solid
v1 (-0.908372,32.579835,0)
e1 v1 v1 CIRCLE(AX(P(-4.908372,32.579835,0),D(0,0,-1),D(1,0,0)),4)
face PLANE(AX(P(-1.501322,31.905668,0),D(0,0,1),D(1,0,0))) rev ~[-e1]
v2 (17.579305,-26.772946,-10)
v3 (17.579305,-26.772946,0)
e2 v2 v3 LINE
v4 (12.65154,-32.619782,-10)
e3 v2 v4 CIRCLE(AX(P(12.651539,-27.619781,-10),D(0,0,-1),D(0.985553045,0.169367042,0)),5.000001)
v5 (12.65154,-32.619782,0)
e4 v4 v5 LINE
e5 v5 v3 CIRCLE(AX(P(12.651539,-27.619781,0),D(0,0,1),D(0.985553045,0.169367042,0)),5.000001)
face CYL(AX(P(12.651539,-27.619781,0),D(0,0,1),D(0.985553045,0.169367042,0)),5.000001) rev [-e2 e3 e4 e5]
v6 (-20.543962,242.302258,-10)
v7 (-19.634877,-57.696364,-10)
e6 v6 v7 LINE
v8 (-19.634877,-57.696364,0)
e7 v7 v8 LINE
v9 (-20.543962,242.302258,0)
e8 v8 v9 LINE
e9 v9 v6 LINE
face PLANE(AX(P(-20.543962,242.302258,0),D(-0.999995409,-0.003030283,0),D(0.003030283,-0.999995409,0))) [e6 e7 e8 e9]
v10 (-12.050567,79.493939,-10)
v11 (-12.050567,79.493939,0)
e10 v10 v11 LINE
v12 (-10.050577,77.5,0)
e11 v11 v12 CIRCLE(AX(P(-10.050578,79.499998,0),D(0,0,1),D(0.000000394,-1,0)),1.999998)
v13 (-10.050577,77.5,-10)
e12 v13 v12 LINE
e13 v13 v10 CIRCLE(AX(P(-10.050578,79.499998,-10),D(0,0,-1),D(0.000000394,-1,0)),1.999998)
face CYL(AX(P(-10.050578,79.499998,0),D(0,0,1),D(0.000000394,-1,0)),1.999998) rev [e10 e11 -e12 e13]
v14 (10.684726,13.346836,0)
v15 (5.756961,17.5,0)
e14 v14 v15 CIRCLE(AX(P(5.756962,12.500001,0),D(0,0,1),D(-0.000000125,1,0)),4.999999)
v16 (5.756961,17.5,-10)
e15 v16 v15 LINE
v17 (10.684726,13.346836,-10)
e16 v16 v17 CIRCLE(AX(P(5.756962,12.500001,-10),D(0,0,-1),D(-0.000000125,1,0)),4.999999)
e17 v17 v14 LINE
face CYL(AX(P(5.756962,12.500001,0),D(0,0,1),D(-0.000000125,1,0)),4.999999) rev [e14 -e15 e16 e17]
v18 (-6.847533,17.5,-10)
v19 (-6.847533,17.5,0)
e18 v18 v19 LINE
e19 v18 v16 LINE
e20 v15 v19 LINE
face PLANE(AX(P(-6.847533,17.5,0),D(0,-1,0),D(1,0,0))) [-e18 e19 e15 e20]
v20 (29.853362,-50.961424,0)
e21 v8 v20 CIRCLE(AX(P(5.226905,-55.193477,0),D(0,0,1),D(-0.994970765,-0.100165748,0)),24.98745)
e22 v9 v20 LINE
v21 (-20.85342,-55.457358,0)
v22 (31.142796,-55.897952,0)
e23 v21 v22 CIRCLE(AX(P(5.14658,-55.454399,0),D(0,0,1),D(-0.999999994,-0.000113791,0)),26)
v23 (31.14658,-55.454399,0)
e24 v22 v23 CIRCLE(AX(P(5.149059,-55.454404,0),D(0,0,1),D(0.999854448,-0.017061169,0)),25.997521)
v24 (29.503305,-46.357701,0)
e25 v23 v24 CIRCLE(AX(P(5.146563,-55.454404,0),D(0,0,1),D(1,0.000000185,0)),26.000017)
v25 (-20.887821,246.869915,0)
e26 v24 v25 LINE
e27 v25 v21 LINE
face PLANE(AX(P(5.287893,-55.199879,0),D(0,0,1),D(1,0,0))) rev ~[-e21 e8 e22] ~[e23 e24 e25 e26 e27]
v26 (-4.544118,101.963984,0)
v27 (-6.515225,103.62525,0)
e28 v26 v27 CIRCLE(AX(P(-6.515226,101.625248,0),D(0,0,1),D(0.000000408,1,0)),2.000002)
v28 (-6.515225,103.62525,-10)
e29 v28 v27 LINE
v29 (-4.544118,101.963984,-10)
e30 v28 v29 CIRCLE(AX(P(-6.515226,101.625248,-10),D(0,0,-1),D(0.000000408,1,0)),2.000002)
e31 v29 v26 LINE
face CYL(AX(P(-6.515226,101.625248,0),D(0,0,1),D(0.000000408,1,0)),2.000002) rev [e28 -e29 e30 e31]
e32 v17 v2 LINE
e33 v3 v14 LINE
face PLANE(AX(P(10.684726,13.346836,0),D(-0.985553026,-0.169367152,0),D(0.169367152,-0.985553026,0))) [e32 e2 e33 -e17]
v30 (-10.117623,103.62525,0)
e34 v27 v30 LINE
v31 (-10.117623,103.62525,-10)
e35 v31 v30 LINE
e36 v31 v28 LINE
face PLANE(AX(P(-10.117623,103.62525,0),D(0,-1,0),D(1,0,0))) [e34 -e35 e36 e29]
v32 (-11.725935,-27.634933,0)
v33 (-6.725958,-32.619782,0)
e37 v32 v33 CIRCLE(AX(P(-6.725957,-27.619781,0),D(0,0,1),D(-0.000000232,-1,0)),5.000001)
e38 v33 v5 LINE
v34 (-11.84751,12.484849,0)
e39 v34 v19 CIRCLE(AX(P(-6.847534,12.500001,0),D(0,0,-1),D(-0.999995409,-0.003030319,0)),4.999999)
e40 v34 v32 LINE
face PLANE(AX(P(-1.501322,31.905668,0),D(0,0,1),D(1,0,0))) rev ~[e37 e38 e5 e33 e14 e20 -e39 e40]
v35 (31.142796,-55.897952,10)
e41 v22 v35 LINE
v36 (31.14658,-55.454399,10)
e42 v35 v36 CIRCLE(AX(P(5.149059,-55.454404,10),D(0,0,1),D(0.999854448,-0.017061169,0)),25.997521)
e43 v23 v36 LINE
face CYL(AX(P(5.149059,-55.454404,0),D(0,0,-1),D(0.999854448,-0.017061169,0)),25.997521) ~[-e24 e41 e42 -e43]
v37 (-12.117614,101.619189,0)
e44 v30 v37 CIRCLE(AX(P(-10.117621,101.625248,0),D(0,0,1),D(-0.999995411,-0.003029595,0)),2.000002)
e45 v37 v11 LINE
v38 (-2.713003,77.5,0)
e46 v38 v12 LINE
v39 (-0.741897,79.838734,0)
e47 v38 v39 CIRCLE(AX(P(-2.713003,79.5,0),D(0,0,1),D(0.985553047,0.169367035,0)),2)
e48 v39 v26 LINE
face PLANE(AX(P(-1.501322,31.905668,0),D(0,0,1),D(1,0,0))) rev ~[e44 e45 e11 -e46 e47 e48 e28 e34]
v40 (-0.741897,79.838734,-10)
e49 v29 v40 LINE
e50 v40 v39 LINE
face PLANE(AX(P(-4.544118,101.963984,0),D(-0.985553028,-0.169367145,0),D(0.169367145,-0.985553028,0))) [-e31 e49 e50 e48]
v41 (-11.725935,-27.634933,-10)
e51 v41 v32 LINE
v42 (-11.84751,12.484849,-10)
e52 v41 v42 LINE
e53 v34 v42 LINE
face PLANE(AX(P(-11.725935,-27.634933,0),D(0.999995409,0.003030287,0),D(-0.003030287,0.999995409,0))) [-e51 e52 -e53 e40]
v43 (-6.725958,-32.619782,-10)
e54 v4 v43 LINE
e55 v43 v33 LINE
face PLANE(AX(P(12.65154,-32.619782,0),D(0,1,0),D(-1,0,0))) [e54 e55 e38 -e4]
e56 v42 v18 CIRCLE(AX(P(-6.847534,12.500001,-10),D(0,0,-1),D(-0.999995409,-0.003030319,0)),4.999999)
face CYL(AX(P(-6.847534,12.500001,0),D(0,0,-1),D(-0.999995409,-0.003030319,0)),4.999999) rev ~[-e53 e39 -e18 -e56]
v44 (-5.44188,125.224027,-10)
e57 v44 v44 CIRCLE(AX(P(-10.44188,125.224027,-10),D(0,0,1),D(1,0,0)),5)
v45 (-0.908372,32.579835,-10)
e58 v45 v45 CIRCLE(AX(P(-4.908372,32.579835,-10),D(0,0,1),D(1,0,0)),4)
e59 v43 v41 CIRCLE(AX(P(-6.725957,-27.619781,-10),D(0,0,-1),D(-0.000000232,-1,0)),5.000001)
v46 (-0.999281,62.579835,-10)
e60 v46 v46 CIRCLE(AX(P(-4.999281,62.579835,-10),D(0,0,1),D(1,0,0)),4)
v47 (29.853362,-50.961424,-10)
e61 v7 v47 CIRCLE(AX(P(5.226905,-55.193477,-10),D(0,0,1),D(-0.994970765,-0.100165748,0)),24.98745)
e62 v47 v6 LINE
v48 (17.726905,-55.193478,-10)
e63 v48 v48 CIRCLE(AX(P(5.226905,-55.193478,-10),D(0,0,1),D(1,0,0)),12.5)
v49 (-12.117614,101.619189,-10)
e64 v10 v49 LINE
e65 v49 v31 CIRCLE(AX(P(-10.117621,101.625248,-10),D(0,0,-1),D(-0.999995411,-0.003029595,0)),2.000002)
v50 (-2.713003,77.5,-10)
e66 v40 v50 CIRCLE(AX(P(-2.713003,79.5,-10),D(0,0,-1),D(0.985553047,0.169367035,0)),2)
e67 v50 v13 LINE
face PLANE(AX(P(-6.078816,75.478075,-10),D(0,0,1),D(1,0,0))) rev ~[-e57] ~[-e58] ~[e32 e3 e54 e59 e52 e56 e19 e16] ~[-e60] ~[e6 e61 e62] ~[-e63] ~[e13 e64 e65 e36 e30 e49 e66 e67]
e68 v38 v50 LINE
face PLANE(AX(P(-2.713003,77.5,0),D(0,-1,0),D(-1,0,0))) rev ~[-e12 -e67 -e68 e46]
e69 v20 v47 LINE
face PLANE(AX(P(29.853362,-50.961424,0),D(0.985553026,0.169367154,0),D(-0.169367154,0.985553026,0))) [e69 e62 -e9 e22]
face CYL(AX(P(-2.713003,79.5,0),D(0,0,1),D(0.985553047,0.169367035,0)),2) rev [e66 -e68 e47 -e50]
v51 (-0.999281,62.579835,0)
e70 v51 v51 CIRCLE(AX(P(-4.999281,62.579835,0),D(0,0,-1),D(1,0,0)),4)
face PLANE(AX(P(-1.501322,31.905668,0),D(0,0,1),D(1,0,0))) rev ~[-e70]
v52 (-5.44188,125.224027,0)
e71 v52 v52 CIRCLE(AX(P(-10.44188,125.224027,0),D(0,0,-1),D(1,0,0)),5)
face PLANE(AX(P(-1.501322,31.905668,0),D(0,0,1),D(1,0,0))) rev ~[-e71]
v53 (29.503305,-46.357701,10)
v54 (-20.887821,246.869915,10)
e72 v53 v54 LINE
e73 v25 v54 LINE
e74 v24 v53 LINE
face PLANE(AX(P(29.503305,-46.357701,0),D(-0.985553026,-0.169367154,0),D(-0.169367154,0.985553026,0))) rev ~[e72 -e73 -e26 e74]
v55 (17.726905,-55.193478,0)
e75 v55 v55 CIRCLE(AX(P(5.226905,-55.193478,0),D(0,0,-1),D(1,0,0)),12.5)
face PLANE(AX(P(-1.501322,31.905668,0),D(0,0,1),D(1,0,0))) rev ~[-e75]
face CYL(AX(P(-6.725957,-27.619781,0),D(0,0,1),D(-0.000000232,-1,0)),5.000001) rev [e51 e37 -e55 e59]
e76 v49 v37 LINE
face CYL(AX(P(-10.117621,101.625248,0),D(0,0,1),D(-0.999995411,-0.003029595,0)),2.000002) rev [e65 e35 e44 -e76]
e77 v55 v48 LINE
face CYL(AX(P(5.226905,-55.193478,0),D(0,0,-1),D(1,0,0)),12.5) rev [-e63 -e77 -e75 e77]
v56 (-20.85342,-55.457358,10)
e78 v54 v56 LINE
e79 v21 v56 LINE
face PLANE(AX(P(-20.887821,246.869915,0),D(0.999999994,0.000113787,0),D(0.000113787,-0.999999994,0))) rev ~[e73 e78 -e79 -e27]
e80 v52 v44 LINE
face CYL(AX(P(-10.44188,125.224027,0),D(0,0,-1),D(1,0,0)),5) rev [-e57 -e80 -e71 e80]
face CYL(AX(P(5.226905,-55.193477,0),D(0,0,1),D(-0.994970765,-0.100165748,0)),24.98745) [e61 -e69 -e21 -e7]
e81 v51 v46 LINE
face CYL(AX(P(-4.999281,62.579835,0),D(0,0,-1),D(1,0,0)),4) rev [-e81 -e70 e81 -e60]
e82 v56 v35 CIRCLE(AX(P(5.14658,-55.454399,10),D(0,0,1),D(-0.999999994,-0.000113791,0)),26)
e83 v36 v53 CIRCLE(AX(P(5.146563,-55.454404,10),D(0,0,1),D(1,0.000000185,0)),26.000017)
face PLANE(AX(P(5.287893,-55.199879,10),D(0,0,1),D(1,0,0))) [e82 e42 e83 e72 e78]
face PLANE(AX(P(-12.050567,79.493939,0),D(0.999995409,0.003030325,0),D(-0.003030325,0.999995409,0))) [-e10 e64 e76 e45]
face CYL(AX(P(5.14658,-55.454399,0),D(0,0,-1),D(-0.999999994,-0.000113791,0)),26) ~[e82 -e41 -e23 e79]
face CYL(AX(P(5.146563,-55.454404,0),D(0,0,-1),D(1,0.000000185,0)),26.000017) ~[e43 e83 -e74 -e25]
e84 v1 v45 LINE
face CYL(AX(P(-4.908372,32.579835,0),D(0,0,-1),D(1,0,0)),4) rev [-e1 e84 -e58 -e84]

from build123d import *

# Parameters (mm, degrees)
F0_R     = 4
F0_R_2   = 12.5
F0_R_3   = 5
F1_DEPTH = 10
F3_DEPTH = 10
F5_DEPTH = 10


with BuildPart() as f1:
    # F0 (on Top) → F1 (new body, symmetric)
    with BuildSketch(Plane.XY):
        with BuildLine():
            Line((-20.543962, 242.302258), (-19.634877, -57.696364))
            ThreePointArc((-19.634877, -57.696364), (8.59643, -79.952697), (29.853362, -50.961424))
            Line((29.853362, -50.961424), (-20.543962, 242.302258))
        make_face()
        with BuildLine():
            Line((12.65154, -32.619782), (-6.725958, -32.619782))
            ThreePointArc((-6.725958, -32.619782), (-10.256131, -31.160668), (-11.725935, -27.634933))
            Line((-11.725935, -27.634933), (-11.84751, 12.484849))
            ThreePointArc((-11.84751, 12.484849), (-10.38842, 16.030173), (-6.847533, 17.5))
            Line((-6.847533, 17.5), (5.756961, 17.5))
            ThreePointArc((5.756961, 17.5), (8.979214, 16.32323), (10.684726, 13.346836))
            Line((10.684726, 13.346836), (17.579305, -26.772946))
            ThreePointArc((17.579305, -26.772946), (16.47477, -30.842034), (12.65154, -32.619782))
        make_face(mode=Mode.SUBTRACT)
        with Locations((-4.908372, 32.579835)):
            Circle(F0_R, mode=Mode.SUBTRACT)
        with Locations((-4.999281, 62.579835)):
            Circle(F0_R, mode=Mode.SUBTRACT)
        with Locations((5.226905, -55.193478)):
            Circle(F0_R_2, mode=Mode.SUBTRACT)
        with Locations((-10.44188, 125.224027)):
            Circle(F0_R_3, mode=Mode.SUBTRACT)
        with BuildLine():
            Line((-2.713003, 77.5), (-10.050577, 77.5))
            ThreePointArc((-10.050577, 77.5), (-11.462646, 78.083645), (-12.050567, 79.493939))
            Line((-12.050567, 79.493939), (-12.117614, 101.619189))
            ThreePointArc((-12.117614, 101.619189), (-11.533977, 103.037319), (-10.117623, 103.62525))
            Line((-10.117623, 103.62525), (-6.515225, 103.62525))
            ThreePointArc((-6.515225, 103.62525), (-5.226324, 103.154542), (-4.544118, 101.963984))
            Line((-4.544118, 101.963984), (-0.741897, 79.838734))
            ThreePointArc((-0.741897, 79.838734), (-1.183711, 78.211099), (-2.713003, 77.5))
        make_face(mode=Mode.SUBTRACT)
    extrude(amount=F1_DEPTH, both=True)

    # F2 (on Top) → F3 (join)
    with BuildSketch(Plane.XY):
        with BuildLine():
            Line((-17.758185, 116.28598), (-12.327851, 113.452759))
            Line((-12.327851, 113.452759), (-12.327851, -47.830094))
            ThreePointArc((-12.327851, -47.830094), (1.176909, -74.372973), (23.646388, -54.8275))
            Line((23.646388, -54.8275), (-7.25136, 142.539755))
            Line((-7.25136, 142.539755), (-12.327851, 142.539755))
            Line((-12.327851, 142.539755), (-17.758185, 116.28598))
        make_face()
    extrude(amount=F3_DEPTH)

    # F4 (on Top) → F5 (join)
    with BuildSketch(Plane.XY):
        with BuildLine():
            ThreePointArc((29.503305, -46.357701), (0.523158, -29.868779), (-20.85342, -55.457358))
            ThreePointArc((-20.85342, -55.457358), (4.926275, -81.453466), (31.142796, -55.897952))
            Line((31.142796, -55.897952), (29.503305, -46.357701))
        make_face()
        with BuildLine():
            Line((-20.887821, 246.869915), (-20.85342, -55.457358))
            ThreePointArc((-20.85342, -55.457358), (0.523158, -29.868779), (29.503305, -46.357701))
            Line((29.503305, -46.357701), (-20.887821, 246.869915))
        make_face()
        with BuildLine():
            Line((29.503305, -46.357701), (31.142796, -55.897952))
            ThreePointArc((31.142796, -55.897952), (31.145634, -55.676184), (31.14658, -55.454399))
            ThreePointArc((31.14658, -55.454399), (30.732463, -50.832434), (29.503305, -46.357701))
        make_face()
    extrude(amount=F5_DEPTH)


solid = f1.part
